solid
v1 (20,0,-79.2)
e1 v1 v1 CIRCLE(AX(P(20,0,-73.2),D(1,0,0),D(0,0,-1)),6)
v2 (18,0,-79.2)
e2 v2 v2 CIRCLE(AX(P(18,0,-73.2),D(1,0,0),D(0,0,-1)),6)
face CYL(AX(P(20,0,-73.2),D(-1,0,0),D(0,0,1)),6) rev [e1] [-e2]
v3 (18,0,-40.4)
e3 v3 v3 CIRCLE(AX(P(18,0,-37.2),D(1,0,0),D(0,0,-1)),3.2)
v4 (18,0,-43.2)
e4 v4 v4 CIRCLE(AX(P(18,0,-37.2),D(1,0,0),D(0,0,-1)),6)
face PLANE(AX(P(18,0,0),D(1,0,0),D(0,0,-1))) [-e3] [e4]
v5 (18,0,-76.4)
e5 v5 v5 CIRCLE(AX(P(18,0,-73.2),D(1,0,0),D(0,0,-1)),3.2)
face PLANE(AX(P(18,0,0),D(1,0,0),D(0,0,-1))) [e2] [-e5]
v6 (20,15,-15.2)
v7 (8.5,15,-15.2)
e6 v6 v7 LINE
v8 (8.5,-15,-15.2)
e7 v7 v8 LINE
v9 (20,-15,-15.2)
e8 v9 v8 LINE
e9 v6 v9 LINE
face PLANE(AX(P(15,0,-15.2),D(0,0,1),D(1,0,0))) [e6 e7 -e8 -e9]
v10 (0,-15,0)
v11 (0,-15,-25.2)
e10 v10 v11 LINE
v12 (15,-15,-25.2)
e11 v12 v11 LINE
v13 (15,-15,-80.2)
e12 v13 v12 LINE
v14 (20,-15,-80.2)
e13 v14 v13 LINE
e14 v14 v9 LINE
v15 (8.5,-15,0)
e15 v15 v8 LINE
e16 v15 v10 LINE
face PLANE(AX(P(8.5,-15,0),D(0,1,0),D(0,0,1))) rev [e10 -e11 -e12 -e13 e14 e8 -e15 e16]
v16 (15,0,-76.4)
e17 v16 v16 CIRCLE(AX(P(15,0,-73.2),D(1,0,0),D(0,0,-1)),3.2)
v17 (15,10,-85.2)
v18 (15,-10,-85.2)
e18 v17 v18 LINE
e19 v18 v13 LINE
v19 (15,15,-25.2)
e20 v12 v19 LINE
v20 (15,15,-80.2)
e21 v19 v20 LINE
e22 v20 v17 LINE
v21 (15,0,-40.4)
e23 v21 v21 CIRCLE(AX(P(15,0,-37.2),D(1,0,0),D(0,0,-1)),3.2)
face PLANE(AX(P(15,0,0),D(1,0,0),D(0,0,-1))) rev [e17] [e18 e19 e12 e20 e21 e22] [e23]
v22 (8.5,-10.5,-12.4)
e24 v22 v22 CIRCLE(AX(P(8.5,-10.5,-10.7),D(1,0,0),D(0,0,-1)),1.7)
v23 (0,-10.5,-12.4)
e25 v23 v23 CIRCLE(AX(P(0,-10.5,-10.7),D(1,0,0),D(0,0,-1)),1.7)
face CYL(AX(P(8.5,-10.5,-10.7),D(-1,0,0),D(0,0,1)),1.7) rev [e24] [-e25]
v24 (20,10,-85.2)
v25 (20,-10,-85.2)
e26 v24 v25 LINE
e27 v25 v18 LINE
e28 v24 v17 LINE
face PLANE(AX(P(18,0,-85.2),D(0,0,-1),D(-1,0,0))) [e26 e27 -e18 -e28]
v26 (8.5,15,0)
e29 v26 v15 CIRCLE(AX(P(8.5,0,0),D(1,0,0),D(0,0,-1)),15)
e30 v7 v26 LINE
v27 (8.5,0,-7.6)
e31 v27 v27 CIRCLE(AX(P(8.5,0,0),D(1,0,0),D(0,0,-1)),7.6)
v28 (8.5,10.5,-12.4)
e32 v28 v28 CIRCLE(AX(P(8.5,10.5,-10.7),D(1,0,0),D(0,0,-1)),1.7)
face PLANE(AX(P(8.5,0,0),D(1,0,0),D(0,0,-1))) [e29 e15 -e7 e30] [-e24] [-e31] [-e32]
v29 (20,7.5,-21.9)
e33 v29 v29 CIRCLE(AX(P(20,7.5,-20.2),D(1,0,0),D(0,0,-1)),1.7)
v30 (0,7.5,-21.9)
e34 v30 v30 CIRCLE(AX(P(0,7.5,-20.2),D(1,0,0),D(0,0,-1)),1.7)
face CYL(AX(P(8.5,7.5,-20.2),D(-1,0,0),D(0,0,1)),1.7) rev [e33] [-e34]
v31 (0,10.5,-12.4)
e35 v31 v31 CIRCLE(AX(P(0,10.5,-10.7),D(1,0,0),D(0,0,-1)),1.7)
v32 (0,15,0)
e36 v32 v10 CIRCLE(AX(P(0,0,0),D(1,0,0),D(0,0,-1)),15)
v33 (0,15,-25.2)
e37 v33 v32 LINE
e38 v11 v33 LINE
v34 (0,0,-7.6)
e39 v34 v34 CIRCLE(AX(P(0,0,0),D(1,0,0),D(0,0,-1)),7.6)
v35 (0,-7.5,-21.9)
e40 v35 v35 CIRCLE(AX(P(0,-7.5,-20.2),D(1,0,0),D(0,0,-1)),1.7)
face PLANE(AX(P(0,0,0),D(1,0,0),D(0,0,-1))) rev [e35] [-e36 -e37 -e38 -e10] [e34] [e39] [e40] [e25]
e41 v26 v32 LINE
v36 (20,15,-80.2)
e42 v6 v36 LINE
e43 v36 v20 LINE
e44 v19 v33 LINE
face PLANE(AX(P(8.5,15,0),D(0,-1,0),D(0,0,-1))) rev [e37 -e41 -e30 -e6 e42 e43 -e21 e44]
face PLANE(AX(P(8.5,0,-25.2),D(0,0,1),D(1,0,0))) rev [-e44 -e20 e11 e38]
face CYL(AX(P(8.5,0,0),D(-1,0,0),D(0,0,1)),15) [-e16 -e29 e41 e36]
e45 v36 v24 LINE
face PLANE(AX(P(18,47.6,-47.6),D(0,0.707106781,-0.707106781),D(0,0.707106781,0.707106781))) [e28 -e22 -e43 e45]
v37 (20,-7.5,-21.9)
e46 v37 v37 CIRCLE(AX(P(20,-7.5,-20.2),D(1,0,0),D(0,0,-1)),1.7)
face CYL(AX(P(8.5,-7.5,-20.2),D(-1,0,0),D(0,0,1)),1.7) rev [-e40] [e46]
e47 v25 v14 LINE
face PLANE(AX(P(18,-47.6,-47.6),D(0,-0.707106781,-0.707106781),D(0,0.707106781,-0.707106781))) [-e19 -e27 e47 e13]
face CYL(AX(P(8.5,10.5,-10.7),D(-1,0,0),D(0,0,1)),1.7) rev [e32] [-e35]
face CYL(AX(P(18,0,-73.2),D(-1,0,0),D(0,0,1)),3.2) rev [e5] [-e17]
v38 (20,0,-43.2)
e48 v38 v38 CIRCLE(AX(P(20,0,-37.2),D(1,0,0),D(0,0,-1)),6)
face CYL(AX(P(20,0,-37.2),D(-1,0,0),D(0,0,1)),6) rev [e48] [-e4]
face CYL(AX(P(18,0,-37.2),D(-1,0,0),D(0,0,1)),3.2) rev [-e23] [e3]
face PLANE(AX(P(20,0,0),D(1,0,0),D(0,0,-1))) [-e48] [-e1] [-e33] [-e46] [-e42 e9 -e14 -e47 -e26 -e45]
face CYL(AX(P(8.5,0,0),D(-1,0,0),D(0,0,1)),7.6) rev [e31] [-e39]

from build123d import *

# Parameters (mm, degrees)
SKETCH1_R           = 1.7
SKETCH1_R_2         = 7.6
BOSS_EXTRUDE1_DEPTH = 8.5
SKETCH1_4_W         = 30
SKETCH1_4_H         = 10
SKETCH1_4_R         = 1.7
BOSS_EXTRUDE2_DEPTH = 15
BOSS_EXTRUDE3_START = 15
SKETCH1_5_R         = 6
SKETCH1_5_W         = 30
SKETCH1_5_H         = 10
SKETCH1_5_R_2       = 1.7
SKETCH1_5_R_3       = 3.2
BOSS_EXTRUDE3_DEPTH = 3
BOSS_EXTRUDE4_START = 18
SKETCH1_6_R         = 6
SKETCH1_6_W         = 30
SKETCH1_6_H         = 10
SKETCH1_6_R_2       = 1.7
BOSS_EXTRUDE4_DEPTH = 2


with BuildPart() as part:
    # Sketch1 → Boss-Extrude1 (new body)
    with BuildSketch(Plane.YZ):
        with BuildLine():
            ThreePointArc((15, 0), (0, 15), (-15, 0))
            Line((-15, 0), (-15, -25.2))
            Line((-15, -25.2), (15, -25.2))
            Line((15, -25.2), (15, 0))
        make_face()
        with Locations(Location((-10.5, -10.7, 0), (0, 0, 270))):
            Circle(SKETCH1_R, mode=Mode.SUBTRACT)
        with Locations(Location((10.5, -10.7, 0), (0, 0, 270))):
            Circle(SKETCH1_R, mode=Mode.SUBTRACT)
        with Locations(Location((0, 0, 0), (0, 0, 270))):
            Circle(SKETCH1_R_2, mode=Mode.SUBTRACT)
        with Locations(Location((7.5, -20.2, 0), (0, 0, 270))):
            Circle(SKETCH1_R, mode=Mode.SUBTRACT)
        with Locations(Location((-7.5, -20.2, 0), (0, 0, 270))):
            Circle(SKETCH1_R, mode=Mode.SUBTRACT)
    extrude(amount=BOSS_EXTRUDE1_DEPTH)

    # Sketch1<4> → Boss-Extrude2 (add)
    with BuildSketch(Plane.YZ):
        with Locations((0, -20.2)):
            Rectangle(SKETCH1_4_W, SKETCH1_4_H)
        with Locations(Location((-7.5, -20.2, 0), (0, 0, 270))):
            Circle(SKETCH1_4_R, mode=Mode.SUBTRACT)
        with Locations(Location((7.5, -20.2, 0), (0, 0, 270))):
            Circle(SKETCH1_4_R, mode=Mode.SUBTRACT)
    extrude(amount=BOSS_EXTRUDE2_DEPTH)

    # Sketch1<5> → Boss-Extrude3 (add)
    # profile 1 of 4: a face of its own
    with BuildSketch(Plane.YZ.offset(BOSS_EXTRUDE3_START)):
        Polygon((15, -25.2), (-15, -25.2), (-15, -80.2), (-10, -85.2), (10, -85.2), (15, -80.2), align=None)
        with Locations((0, -73.2)):
            Circle(SKETCH1_5_R, mode=Mode.SUBTRACT)
        with Locations((0, -37.2)):
            Circle(SKETCH1_5_R, mode=Mode.SUBTRACT)
    # profile 2 of 4: a face of its own
    with BuildSketch(Plane.YZ.offset(BOSS_EXTRUDE3_START)):
        with Locations((0, -20.2)):
            Rectangle(SKETCH1_5_W, SKETCH1_5_H)
        with Locations(Location((-7.5, -20.2, 0), (0, 0, 270))):
            Circle(SKETCH1_5_R_2, mode=Mode.SUBTRACT)
        with Locations(Location((7.5, -20.2, 0), (0, 0, 270))):
            Circle(SKETCH1_5_R_2, mode=Mode.SUBTRACT)
    # profile 3 of 4: a face of its own
    with BuildSketch(Plane.YZ.offset(BOSS_EXTRUDE3_START)):
        with Locations((0, -37.2)):
            Circle(SKETCH1_5_R)
        with Locations(Location((0, -37.2, 0), (0, 0, 270))):
            Circle(SKETCH1_5_R_3, mode=Mode.SUBTRACT)
    # profile 4 of 4: a face of its own
    with BuildSketch(Plane.YZ.offset(BOSS_EXTRUDE3_START)):
        with Locations((0, -73.2)):
            Circle(SKETCH1_5_R)
        with Locations(Location((0, -73.2, 0), (0, 0, 270))):
            Circle(SKETCH1_5_R_3, mode=Mode.SUBTRACT)
    extrude(amount=BOSS_EXTRUDE3_DEPTH)

    # Sketch1<6> → Boss-Extrude4 (add)
    # profile 1 of 2: a face of its own
    with BuildSketch(Plane.YZ.offset(BOSS_EXTRUDE4_START)):
        Polygon((15, -25.2), (-15, -25.2), (-15, -80.2), (-10, -85.2), (10, -85.2), (15, -80.2), align=None)
        with Locations(Location((0, -73.2, 0), (0, 0, 270))):
            Circle(SKETCH1_6_R, mode=Mode.SUBTRACT)
        with Locations(Location((0, -37.2, 0), (0, 0, 270))):
            Circle(SKETCH1_6_R, mode=Mode.SUBTRACT)
    # profile 2 of 2: a face of its own
    with BuildSketch(Plane.YZ.offset(BOSS_EXTRUDE4_START)):
        with Locations((0, -20.2)):
            Rectangle(SKETCH1_6_W, SKETCH1_6_H)
        with Locations(Location((-7.5, -20.2, 0), (0, 0, 270))):
            Circle(SKETCH1_6_R_2, mode=Mode.SUBTRACT)
        with Locations(Location((7.5, -20.2, 0), (0, 0, 270))):
            Circle(SKETCH1_6_R_2, mode=Mode.SUBTRACT)
    extrude(amount=BOSS_EXTRUDE4_DEPTH)


solid = part.part
